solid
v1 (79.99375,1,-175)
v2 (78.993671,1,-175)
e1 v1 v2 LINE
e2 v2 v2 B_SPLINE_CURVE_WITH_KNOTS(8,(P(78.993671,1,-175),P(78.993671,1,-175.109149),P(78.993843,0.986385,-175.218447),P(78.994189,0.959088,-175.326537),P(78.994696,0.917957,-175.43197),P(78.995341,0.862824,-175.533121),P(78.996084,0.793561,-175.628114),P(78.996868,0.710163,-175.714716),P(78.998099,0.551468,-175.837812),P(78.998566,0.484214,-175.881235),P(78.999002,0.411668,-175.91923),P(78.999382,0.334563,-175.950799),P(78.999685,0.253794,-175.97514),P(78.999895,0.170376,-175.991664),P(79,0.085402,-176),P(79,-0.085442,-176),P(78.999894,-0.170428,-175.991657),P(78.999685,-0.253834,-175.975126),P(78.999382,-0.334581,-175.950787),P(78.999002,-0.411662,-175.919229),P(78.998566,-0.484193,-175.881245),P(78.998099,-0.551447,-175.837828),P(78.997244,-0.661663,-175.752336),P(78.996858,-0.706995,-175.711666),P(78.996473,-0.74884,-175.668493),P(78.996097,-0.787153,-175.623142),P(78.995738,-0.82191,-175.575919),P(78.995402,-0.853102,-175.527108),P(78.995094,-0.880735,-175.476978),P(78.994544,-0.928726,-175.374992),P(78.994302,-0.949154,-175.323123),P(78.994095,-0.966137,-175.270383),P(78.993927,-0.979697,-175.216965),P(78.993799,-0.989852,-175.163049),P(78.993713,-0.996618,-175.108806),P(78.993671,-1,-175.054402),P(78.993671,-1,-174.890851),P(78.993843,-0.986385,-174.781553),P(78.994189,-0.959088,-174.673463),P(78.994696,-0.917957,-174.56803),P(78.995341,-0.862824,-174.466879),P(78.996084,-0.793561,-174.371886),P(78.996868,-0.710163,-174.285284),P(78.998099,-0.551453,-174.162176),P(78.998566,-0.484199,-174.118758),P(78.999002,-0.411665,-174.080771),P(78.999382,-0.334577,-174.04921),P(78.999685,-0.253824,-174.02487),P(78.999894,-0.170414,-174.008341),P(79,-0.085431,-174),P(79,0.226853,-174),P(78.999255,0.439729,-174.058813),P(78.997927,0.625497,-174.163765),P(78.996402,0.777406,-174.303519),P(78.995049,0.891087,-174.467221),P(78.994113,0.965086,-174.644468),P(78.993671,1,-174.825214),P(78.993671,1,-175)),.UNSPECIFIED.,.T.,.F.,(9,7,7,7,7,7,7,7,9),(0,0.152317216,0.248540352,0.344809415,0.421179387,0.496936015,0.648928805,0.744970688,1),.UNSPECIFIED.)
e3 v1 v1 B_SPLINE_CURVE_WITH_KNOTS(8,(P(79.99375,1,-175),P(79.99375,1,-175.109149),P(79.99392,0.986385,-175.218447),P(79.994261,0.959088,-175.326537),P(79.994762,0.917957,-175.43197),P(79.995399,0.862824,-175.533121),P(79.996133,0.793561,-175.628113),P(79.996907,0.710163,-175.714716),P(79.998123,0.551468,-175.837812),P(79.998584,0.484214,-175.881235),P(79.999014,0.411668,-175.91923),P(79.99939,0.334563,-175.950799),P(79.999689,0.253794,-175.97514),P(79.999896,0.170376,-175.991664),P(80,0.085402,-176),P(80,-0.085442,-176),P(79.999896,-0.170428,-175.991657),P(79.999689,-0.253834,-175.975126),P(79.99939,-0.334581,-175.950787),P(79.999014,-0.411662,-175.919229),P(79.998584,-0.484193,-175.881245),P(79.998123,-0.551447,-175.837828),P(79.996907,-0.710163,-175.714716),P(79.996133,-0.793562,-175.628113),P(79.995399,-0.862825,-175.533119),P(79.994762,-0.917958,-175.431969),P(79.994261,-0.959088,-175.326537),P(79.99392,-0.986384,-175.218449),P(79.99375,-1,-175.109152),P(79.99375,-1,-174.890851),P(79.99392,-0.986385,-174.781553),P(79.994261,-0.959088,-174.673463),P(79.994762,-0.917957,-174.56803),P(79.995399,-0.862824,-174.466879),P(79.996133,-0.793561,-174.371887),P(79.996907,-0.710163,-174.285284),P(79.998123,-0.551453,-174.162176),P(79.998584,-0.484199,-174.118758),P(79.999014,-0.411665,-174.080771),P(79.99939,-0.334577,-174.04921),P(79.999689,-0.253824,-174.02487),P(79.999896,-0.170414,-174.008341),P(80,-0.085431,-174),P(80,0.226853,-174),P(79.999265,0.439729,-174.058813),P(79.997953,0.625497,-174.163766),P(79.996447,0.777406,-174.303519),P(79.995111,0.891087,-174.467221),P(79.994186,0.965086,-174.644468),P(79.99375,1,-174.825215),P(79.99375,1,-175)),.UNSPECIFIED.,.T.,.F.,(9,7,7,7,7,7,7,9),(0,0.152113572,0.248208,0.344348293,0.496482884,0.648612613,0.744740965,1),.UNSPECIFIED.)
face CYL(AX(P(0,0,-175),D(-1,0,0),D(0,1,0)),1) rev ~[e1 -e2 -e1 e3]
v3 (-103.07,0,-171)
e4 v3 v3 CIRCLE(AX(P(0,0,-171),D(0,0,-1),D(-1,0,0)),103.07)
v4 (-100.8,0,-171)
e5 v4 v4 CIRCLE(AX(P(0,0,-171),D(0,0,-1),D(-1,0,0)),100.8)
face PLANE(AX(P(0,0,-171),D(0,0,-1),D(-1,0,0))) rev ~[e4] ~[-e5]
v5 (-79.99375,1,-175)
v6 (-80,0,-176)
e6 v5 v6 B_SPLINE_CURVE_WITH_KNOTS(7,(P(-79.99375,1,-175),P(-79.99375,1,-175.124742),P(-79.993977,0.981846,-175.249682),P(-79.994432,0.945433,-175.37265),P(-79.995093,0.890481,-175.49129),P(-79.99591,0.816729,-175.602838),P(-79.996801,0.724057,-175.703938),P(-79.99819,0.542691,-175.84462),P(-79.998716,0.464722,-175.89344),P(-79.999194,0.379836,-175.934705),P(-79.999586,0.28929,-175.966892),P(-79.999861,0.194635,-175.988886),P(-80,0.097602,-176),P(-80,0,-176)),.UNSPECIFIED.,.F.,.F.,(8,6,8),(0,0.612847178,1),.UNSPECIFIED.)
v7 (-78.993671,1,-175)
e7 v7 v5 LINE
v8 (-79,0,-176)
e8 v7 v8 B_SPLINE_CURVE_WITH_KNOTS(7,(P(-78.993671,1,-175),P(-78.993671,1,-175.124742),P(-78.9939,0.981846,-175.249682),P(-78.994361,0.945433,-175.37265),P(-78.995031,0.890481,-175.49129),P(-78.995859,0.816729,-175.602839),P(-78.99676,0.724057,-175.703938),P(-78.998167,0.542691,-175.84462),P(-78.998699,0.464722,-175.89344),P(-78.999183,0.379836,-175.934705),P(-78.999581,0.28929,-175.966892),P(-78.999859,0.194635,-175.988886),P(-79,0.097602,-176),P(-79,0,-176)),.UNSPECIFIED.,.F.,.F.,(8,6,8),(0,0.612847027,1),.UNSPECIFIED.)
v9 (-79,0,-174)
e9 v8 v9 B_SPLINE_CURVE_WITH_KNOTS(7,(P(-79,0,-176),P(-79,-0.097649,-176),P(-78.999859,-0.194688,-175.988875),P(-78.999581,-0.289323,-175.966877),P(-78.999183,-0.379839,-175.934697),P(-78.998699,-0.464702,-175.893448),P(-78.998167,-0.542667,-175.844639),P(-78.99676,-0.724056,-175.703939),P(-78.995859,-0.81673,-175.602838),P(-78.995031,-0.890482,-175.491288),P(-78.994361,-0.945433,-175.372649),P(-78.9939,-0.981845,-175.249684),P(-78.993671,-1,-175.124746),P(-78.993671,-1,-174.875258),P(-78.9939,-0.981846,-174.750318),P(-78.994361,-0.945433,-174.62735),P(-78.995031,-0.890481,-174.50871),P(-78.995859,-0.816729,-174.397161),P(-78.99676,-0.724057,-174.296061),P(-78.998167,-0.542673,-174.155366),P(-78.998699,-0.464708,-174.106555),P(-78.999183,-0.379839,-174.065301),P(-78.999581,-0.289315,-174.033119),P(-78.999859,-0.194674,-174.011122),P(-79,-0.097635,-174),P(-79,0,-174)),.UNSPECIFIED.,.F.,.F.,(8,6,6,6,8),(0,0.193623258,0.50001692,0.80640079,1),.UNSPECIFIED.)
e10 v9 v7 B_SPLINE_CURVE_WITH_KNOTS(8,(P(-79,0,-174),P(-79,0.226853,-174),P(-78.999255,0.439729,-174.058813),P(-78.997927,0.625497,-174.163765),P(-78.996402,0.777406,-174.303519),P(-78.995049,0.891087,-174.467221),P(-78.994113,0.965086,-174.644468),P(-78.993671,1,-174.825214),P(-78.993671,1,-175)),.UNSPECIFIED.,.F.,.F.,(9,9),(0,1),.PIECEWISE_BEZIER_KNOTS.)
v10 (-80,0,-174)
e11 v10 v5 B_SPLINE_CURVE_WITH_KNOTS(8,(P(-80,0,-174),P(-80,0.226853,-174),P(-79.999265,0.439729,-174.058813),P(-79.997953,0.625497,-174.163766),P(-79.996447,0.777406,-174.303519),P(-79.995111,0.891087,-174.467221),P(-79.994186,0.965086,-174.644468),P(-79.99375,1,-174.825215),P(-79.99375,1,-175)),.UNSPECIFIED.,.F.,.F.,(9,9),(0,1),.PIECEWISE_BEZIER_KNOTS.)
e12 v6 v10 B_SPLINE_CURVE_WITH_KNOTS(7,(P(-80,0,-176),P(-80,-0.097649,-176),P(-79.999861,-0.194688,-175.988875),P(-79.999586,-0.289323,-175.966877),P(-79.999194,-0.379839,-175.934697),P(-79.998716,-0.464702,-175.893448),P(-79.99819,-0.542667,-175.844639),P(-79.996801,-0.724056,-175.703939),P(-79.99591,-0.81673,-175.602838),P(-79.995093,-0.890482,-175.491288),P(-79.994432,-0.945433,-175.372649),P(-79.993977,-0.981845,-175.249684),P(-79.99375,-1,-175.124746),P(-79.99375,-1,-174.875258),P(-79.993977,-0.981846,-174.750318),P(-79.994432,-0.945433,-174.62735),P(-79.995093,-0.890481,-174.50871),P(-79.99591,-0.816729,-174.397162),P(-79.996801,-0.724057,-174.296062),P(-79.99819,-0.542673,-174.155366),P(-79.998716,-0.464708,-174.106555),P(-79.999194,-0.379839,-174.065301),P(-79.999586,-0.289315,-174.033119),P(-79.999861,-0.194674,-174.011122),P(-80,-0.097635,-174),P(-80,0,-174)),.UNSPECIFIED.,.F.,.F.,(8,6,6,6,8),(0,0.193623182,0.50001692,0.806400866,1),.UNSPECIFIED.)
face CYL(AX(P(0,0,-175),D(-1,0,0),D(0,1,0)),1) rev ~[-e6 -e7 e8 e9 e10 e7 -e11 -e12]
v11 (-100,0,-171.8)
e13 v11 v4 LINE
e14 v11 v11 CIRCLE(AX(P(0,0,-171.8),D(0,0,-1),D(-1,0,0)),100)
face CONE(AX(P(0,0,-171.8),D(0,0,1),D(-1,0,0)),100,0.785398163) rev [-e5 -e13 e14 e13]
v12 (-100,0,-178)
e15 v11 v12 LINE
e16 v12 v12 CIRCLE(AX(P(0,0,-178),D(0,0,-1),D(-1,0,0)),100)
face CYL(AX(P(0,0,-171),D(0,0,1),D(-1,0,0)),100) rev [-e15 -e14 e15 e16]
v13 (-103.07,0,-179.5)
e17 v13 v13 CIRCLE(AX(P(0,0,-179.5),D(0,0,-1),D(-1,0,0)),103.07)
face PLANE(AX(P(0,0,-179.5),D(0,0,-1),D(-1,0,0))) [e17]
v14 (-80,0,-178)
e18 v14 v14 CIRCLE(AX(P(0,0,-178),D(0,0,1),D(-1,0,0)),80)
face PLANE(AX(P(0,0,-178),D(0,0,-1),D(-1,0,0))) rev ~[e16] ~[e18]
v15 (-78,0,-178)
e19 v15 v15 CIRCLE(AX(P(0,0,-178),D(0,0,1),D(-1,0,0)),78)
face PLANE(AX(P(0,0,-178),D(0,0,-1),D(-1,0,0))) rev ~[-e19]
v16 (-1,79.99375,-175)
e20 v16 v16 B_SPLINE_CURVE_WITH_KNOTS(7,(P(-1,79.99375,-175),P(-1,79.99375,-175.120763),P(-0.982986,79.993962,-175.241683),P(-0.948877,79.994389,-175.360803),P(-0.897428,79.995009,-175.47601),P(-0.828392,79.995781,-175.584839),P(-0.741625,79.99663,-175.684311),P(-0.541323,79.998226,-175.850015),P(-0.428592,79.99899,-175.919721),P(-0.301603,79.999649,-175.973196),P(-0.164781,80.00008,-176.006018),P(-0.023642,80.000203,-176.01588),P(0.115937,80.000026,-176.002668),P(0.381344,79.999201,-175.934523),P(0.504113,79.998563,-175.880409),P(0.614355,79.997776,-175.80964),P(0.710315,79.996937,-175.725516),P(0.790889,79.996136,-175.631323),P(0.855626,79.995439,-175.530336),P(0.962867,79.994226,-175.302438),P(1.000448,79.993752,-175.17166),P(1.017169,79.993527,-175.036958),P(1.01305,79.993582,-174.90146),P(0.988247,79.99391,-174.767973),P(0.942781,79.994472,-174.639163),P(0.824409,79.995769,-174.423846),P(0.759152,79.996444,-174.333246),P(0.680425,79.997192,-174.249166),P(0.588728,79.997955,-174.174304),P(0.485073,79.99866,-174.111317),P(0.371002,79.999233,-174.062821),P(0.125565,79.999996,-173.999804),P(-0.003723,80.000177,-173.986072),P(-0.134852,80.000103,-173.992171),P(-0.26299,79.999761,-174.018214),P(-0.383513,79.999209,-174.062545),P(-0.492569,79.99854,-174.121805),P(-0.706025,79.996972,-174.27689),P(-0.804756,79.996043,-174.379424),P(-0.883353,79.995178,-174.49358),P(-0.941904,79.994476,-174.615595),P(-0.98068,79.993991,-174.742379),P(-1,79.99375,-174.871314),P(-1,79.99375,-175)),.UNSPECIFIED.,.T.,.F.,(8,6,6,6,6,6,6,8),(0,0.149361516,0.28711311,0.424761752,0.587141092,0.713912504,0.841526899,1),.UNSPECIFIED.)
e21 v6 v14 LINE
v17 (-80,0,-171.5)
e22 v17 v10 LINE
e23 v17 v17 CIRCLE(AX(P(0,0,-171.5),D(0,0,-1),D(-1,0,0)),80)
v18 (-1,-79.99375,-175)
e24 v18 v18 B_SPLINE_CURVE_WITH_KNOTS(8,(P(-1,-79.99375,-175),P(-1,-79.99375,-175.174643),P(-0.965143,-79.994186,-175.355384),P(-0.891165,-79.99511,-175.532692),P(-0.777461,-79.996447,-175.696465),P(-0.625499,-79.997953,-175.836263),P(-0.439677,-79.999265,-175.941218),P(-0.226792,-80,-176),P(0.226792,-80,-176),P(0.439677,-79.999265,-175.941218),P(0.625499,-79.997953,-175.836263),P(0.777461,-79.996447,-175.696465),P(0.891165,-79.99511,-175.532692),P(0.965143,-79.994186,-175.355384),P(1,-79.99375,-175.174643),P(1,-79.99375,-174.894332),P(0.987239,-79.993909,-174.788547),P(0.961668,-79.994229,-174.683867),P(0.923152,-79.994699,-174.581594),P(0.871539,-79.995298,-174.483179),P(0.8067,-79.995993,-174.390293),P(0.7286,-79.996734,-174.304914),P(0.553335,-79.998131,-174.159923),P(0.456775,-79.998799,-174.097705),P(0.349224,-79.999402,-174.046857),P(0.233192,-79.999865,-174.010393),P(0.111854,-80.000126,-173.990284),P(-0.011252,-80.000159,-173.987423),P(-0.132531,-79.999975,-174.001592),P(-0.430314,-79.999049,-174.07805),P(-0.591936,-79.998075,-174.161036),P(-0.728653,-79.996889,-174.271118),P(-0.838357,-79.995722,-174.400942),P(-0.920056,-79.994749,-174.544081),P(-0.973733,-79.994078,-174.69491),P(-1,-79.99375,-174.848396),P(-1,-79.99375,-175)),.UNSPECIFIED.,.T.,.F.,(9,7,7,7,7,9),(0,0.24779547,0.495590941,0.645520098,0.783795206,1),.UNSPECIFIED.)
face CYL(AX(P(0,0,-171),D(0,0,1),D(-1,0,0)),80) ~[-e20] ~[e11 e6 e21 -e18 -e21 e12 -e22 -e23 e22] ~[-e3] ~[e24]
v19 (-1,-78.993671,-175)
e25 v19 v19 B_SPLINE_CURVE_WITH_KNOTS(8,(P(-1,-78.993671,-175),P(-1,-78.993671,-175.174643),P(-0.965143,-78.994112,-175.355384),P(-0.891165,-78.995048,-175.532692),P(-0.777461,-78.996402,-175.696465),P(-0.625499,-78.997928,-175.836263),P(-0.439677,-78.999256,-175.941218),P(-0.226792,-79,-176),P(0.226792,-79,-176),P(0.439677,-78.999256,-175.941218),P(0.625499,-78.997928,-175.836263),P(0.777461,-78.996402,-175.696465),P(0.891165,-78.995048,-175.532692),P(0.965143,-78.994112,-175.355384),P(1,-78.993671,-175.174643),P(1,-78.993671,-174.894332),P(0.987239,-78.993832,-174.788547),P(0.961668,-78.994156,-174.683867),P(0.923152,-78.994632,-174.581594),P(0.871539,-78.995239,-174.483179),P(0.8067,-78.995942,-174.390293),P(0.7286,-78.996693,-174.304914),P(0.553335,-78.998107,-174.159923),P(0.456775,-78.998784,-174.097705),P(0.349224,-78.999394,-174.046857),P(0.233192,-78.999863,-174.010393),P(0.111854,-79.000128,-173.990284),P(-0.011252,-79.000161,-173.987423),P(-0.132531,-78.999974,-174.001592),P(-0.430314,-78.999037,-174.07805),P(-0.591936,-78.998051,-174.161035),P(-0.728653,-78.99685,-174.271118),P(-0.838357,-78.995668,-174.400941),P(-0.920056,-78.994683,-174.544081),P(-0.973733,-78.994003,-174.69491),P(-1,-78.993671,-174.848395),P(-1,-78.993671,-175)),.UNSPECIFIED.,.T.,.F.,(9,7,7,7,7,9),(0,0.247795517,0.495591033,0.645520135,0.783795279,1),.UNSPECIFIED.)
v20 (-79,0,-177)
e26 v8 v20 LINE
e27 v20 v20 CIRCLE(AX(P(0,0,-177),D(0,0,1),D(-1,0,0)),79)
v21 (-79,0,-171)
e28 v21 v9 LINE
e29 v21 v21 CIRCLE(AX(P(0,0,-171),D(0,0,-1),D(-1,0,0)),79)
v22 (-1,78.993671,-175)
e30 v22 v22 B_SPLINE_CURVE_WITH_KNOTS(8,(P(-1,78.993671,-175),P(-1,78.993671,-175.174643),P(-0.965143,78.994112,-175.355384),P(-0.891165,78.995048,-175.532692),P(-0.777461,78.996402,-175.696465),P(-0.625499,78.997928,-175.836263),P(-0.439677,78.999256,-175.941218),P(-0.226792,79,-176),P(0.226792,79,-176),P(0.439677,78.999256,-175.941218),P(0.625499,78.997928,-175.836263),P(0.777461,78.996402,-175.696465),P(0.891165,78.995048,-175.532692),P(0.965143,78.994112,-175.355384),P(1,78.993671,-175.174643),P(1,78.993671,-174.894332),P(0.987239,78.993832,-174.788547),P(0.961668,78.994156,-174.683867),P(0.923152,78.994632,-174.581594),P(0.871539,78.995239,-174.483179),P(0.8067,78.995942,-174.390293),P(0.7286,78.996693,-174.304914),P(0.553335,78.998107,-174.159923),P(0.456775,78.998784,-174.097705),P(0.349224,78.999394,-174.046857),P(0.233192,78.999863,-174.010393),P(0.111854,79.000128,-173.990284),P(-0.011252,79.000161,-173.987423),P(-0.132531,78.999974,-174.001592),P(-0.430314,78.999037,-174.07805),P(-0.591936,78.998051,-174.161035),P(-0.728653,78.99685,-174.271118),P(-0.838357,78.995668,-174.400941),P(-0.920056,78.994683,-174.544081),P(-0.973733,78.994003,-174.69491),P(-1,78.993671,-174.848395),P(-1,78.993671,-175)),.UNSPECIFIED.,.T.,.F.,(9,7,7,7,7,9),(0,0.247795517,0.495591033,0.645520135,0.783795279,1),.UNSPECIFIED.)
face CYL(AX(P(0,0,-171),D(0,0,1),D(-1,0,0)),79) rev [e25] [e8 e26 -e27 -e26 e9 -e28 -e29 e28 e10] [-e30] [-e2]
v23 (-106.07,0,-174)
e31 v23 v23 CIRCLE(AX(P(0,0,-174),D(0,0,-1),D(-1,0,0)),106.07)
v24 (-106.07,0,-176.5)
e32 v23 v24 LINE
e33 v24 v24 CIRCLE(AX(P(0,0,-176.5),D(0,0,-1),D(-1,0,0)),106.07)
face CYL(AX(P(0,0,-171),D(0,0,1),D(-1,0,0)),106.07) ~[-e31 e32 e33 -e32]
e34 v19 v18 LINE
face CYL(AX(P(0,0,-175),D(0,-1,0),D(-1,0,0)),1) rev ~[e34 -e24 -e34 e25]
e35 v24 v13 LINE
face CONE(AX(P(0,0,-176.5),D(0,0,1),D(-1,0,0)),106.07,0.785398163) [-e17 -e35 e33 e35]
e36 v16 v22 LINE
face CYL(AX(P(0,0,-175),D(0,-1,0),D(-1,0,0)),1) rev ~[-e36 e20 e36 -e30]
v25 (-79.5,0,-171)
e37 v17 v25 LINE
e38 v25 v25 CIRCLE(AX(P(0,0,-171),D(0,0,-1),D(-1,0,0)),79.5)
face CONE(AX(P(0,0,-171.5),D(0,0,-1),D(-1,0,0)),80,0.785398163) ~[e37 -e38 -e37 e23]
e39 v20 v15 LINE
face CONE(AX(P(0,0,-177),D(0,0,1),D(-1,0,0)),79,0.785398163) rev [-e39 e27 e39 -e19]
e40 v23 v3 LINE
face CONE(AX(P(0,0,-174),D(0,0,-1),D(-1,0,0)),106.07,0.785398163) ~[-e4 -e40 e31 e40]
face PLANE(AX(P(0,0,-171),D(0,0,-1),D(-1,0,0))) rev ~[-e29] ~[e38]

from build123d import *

# Parameters (mm, degrees)
SKETCH019_R             = 106.07
PAD010_DEPTH            = 8.5
SKETCH020_R             = 100
POCKET001_DEPTH         = 7
CHAMFER008_SIZE         = 3
CHAMFER015_SIZE         = 3
SKETCH028_R             = 80
SKETCH028_R_2           = 79
PAD012_DEPTH            = 8
SKETCH029_R             = 1
POCKET006_DEPTH         = 87.5
SKETCH030_R             = 1
POCKET007_DEPTH         = 87.5
CHAMFER016_SIZE         = 1
CHAMFER017_SIZE         = 0.8
CHAMFER018_SIZE         = 0.5
BODY008_PLACEMENT_ANGLE = 180


with BuildPart() as part:
    # Sketch019 → Pad010 (new body)
    with BuildSketch(Plane.XY):
        Circle(SKETCH019_R)
    extrude(amount=PAD010_DEPTH)

    # Sketch020 → Pocket001 (cut)
    with BuildSketch(Plane.XY):
        Circle(SKETCH020_R)
    extrude(amount=POCKET001_DEPTH, mode=Mode.SUBTRACT)

    # Chamfer008
    chamfer008_edges = [part.edges().sort_by_distance(p)[0] for p in [
        (-106.07, 0, 8.5),
    ]]
    chamfer(chamfer008_edges, length=CHAMFER008_SIZE)

    # Chamfer015
    chamfer015_edges = [part.edges().sort_by_distance(p)[0] for p in [
        (-106.07, 0, 0),
    ]]
    chamfer(chamfer015_edges, length=CHAMFER015_SIZE)

    # Sketch028 → Pad012 (join)
    with BuildSketch(Plane.XY):
        Circle(SKETCH028_R)
        Circle(SKETCH028_R_2, mode=Mode.SUBTRACT)
    extrude(amount=PAD012_DEPTH)

    # Sketch029 → Pocket006 (cut, symmetric)
    with BuildSketch(Plane.XZ):
        with Locations((0, 4)):
            Circle(SKETCH029_R)
    extrude(amount=POCKET006_DEPTH, both=True, mode=Mode.SUBTRACT)

    # Sketch030 → Pocket007 (cut, symmetric)
    with BuildSketch(Plane.YZ):
        with Locations((0, 4)):
            Circle(SKETCH030_R)
    extrude(amount=POCKET007_DEPTH, both=True, mode=Mode.SUBTRACT)

    # Chamfer016
    chamfer016_edges = [part.edges().sort_by_distance(p)[0] for p in [
        (-79, 0, 7),
    ]]
    chamfer(chamfer016_edges, length=CHAMFER016_SIZE)

    # Chamfer017
    chamfer017_edges = [part.edges().sort_by_distance(p)[0] for p in [
        (-100, 0, 0),
    ]]
    chamfer(chamfer017_edges, length=CHAMFER017_SIZE)

    # Chamfer018
    chamfer018_edges = [part.edges().sort_by_distance(p)[0] for p in [
        (-80, 0, 0),
    ]]
    chamfer(chamfer018_edges, length=CHAMFER018_SIZE)


with BuildPart() as part_1:
    # Body008 placement: moved
    add(part.part.moved(Location((0, 0, -171))).rotate(Axis((0, 0, -171), (0, 1, 0)), BODY008_PLACEMENT_ANGLE))


solid = part_1.part
